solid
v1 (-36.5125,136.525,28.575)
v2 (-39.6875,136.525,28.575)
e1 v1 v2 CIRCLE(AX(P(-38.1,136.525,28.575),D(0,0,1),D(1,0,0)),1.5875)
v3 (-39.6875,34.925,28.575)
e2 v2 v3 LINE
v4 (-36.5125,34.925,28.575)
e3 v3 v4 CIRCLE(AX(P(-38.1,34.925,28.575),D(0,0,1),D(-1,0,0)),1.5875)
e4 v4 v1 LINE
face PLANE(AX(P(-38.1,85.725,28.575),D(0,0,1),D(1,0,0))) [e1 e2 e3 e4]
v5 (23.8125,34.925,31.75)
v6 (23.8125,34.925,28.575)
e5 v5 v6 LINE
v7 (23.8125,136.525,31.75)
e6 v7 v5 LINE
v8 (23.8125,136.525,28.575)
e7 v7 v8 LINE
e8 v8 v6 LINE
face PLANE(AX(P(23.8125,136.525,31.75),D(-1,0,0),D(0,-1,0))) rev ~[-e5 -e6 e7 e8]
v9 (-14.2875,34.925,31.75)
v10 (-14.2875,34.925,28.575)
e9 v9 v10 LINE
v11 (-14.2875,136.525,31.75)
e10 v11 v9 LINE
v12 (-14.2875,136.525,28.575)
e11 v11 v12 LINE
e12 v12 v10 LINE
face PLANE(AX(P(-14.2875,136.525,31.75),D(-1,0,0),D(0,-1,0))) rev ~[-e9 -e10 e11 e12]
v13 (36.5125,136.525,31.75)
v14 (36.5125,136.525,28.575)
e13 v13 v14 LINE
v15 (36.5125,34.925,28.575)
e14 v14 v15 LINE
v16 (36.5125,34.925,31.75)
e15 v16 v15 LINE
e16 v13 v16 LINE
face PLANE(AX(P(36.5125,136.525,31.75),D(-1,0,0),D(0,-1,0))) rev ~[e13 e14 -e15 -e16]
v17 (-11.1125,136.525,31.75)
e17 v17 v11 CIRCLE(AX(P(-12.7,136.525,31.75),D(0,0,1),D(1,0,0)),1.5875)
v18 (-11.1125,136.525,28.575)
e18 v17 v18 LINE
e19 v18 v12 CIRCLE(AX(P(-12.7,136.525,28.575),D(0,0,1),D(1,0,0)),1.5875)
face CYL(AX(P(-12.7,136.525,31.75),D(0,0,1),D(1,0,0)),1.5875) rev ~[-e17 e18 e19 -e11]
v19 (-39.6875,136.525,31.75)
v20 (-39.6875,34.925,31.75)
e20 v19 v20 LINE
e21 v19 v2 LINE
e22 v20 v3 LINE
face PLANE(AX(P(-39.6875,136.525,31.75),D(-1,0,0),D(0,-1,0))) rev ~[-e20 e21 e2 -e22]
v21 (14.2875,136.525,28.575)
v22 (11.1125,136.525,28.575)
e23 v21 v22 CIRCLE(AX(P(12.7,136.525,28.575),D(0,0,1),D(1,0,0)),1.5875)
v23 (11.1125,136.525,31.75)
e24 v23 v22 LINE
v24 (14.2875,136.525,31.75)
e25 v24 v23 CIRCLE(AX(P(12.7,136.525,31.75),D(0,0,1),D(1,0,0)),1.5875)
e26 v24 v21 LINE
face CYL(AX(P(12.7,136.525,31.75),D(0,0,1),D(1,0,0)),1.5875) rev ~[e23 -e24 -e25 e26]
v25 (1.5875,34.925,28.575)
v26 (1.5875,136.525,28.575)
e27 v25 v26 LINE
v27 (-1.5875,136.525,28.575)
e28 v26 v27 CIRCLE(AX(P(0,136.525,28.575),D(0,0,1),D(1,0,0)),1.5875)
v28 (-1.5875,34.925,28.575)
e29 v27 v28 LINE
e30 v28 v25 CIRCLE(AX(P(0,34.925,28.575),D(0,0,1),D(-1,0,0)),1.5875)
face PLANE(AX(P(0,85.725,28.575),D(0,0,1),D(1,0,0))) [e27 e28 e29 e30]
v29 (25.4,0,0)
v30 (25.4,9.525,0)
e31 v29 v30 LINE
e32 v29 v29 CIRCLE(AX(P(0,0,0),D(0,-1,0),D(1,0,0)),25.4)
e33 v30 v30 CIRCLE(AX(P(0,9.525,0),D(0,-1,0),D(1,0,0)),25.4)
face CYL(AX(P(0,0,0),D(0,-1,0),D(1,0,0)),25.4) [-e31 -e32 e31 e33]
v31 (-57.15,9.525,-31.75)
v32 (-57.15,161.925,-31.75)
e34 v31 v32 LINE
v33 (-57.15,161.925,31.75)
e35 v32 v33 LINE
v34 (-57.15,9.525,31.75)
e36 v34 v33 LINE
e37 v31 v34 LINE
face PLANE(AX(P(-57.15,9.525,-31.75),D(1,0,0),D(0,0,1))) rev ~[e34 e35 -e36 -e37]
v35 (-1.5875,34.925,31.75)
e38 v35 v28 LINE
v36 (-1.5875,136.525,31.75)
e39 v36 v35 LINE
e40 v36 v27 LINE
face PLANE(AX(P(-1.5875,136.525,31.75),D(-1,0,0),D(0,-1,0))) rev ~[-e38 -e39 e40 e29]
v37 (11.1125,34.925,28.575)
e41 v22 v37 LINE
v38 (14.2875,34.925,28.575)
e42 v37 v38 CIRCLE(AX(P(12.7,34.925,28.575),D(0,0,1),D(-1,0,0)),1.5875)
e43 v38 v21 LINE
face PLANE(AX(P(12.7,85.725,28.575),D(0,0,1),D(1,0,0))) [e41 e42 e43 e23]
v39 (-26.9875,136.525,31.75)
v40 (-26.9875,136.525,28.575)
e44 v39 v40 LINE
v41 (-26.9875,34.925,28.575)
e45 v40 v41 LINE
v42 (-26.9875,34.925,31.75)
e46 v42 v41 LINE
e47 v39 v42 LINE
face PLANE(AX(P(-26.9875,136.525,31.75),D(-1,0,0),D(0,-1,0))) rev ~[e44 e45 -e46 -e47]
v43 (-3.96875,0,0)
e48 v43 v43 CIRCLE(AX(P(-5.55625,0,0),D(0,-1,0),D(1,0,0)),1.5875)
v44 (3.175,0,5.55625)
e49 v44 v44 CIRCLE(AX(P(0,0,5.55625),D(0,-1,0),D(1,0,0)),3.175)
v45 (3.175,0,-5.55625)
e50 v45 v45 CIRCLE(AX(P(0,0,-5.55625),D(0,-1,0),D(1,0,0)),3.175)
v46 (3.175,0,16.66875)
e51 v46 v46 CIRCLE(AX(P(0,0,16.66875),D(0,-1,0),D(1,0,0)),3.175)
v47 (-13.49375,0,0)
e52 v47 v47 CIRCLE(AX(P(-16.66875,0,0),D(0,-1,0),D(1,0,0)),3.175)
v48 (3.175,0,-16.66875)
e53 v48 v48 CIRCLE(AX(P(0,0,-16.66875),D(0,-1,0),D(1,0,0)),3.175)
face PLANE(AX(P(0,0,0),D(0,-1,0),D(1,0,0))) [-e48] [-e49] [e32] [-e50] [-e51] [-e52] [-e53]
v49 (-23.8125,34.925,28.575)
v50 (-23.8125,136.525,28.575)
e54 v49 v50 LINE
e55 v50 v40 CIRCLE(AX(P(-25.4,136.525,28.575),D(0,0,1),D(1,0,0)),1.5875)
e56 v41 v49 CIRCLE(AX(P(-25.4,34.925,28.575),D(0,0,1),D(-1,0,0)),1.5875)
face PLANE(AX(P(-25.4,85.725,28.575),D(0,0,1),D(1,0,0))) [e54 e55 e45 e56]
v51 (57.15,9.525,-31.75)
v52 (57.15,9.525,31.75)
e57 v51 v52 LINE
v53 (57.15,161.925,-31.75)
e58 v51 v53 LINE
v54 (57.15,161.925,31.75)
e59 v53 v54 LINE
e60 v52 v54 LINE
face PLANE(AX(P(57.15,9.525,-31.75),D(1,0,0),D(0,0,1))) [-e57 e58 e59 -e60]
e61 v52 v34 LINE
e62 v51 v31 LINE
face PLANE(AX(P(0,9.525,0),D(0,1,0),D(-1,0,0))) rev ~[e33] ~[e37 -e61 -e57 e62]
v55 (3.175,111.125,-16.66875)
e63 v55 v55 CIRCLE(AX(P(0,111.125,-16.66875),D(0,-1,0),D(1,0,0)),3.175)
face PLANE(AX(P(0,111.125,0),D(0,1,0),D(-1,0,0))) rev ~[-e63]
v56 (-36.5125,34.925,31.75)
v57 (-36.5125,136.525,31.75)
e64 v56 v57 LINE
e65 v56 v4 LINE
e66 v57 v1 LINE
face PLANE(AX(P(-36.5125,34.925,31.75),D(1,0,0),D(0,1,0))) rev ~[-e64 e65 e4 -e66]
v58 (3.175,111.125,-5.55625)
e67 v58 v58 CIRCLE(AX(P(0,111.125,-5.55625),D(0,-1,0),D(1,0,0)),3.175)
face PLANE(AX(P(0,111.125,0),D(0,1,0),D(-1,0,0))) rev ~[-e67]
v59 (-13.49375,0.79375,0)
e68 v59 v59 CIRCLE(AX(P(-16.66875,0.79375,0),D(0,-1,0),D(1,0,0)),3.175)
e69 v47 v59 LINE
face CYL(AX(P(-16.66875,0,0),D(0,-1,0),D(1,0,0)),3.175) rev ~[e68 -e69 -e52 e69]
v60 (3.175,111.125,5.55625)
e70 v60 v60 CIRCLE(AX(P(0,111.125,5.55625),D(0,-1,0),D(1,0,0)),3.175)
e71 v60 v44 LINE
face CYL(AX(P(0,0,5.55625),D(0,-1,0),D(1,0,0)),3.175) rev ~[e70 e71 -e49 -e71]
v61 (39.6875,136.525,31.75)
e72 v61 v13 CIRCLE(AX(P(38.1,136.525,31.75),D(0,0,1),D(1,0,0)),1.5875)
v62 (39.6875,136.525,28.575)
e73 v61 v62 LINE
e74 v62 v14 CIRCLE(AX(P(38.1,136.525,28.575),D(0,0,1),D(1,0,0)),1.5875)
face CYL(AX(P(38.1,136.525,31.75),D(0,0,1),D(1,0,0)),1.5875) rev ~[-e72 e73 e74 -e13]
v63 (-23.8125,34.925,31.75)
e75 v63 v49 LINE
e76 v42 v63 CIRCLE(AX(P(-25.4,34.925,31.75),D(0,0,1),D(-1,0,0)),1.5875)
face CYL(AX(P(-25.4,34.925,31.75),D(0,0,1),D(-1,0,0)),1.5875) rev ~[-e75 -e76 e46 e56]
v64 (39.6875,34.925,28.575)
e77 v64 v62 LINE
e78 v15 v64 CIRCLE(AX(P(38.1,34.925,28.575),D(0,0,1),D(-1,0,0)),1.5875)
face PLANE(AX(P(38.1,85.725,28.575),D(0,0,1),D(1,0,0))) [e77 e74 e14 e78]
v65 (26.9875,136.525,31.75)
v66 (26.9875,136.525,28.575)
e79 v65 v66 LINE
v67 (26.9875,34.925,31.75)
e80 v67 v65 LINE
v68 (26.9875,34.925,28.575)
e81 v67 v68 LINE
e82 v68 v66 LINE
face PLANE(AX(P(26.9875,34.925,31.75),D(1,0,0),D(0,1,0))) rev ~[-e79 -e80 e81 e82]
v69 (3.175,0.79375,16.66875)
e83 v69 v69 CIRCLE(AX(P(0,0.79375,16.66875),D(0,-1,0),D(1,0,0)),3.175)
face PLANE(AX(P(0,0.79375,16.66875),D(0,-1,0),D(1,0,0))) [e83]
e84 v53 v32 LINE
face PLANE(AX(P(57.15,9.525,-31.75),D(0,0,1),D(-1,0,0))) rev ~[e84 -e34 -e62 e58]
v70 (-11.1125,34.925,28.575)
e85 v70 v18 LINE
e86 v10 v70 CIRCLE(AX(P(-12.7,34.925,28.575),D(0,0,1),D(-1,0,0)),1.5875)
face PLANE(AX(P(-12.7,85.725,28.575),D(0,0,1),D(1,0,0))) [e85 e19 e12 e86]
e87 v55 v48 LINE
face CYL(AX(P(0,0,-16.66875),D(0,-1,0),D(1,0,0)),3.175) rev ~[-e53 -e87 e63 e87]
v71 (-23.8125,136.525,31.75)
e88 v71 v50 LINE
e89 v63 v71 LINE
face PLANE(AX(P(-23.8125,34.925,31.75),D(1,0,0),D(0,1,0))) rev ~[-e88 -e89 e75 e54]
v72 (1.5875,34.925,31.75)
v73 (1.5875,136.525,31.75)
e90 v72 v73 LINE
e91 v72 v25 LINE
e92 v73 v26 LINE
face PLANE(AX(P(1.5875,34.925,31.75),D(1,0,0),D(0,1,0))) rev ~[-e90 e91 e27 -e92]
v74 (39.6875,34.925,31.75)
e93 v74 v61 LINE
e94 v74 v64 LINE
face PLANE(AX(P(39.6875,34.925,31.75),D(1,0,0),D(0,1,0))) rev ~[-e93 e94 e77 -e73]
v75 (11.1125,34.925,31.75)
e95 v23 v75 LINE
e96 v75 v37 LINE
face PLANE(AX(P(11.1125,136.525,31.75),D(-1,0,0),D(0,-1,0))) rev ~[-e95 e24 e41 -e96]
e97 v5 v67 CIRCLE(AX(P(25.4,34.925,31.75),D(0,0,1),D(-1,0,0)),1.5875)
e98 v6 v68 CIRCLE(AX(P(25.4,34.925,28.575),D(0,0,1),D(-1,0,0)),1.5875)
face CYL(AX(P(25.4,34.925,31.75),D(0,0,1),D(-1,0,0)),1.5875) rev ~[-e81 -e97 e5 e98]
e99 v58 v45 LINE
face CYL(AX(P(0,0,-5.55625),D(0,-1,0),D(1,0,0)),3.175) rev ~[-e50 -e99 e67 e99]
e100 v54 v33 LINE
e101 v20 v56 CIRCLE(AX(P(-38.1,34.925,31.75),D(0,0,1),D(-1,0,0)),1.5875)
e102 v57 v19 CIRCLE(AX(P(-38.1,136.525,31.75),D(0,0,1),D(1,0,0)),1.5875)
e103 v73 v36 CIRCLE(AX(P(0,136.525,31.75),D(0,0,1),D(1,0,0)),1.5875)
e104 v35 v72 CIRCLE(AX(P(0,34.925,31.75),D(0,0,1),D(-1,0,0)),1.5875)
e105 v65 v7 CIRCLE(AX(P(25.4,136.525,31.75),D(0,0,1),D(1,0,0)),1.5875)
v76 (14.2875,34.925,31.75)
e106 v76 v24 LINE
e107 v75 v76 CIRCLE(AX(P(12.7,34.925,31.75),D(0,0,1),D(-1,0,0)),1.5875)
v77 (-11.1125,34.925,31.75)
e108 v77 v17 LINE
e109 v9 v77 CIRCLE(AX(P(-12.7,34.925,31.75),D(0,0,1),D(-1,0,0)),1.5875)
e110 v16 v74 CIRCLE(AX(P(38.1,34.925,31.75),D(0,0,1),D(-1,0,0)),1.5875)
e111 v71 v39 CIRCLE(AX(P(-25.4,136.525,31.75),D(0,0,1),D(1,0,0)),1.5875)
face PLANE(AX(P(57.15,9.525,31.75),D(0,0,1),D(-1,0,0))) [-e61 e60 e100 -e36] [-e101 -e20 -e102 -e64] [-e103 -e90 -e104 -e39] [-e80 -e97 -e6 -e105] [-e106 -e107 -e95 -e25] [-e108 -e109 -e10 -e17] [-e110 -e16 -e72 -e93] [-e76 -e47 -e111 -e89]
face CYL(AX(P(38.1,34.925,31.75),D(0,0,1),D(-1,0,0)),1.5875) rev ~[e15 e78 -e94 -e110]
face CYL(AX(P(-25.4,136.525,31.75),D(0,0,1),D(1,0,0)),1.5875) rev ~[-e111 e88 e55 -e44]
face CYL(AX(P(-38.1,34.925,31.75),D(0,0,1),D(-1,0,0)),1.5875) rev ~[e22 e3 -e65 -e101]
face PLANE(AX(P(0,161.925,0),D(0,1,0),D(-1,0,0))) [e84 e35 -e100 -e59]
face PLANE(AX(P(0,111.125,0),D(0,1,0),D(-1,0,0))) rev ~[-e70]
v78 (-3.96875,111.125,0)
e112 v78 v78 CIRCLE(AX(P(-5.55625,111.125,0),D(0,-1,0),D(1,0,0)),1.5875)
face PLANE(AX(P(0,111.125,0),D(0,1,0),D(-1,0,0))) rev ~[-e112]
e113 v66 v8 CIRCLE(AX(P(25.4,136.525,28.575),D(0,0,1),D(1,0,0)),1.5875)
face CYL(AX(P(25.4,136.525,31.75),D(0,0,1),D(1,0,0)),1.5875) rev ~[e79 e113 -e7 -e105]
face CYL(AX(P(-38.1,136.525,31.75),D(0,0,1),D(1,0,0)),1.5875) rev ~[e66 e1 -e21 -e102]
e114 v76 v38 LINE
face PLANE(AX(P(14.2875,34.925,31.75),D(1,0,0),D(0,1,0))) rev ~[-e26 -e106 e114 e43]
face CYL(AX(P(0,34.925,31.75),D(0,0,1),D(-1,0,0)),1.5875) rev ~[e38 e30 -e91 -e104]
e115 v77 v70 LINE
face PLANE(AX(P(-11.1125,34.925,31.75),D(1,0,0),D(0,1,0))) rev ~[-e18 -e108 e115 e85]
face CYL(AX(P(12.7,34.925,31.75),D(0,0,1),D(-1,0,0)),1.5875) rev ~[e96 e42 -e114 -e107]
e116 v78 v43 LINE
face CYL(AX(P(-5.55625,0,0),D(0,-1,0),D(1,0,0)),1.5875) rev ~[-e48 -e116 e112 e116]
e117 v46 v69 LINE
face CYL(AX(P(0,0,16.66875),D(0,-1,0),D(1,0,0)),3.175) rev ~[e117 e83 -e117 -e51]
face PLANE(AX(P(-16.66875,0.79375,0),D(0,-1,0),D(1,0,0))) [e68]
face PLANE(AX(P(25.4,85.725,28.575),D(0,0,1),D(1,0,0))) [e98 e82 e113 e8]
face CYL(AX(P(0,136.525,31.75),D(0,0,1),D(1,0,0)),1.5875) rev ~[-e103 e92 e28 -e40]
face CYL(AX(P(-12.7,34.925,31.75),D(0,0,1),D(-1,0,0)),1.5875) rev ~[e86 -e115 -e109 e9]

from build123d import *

# Parameters (mm, degrees)
F0_R     = 25.4
F0_R_2   = 3.175
F0_R_3   = 1.5875
F1_DEPTH = 9.525
F2_W     = 114.3
F2_H     = 63.5
F3_DEPTH = 152.4
F5_DEPTH = 3.175
F6_DEPTH = 0.79375
F7_DEPTH = 101.6


with BuildPart() as f1:
    # F0 (on Front) → F1 (new body)
    with BuildSketch(Plane.XZ):
        Circle(F0_R)
        with Locations((0, -16.66875)):
            Circle(F0_R_2, mode=Mode.SUBTRACT)
        with Locations((-16.66875, 0)):
            Circle(F0_R_2, mode=Mode.SUBTRACT)
        with Locations((0, -5.55625)):
            Circle(F0_R_2, mode=Mode.SUBTRACT)
        with Locations((-5.55625, 0)):
            Circle(F0_R_3, mode=Mode.SUBTRACT)
        with Locations((0, 5.55625)):
            Circle(F0_R_2, mode=Mode.SUBTRACT)
        with Locations((0, 16.66875)):
            Circle(F0_R_2, mode=Mode.SUBTRACT)
        with Locations((-16.66875, 0)):
            Circle(F0_R_2)
        with Locations((0, 16.66875)):
            Circle(F0_R_2)
    extrude(amount=-F1_DEPTH)

    # F2 (on face) → F3 (join)
    with BuildSketch(Plane(origin=(0, 9.525, 0), x_dir=(-1, 0, 0), z_dir=(0, 1, 0))):
        Rectangle(F2_W, F2_H)
    extrude(amount=F3_DEPTH)

    # F4 (on face) → F5 (cut)
    with BuildSketch(Plane.XY.offset(31.75)):
        with BuildLine():
            ThreePointArc((-1.5875, 34.925), (0, 33.3375), (1.5875, 34.925))
            Line((1.5875, 34.925), (1.5875, 136.525))
            ThreePointArc((1.5875, 136.525), (0, 138.1125), (-1.5875, 136.525))
            Line((-1.5875, 136.525), (-1.5875, 34.925))
        make_face()
        with BuildLine():
            Line((11.1125, 136.525), (11.1125, 34.925))
            ThreePointArc((11.1125, 34.925), (12.7, 33.3375), (14.2875, 34.925))
            Line((14.2875, 34.925), (14.2875, 136.525))
            ThreePointArc((14.2875, 136.525), (12.7, 138.1125), (11.1125, 136.525))
        make_face()
        with BuildLine():
            Line((23.8125, 136.525), (23.8125, 34.925))
            ThreePointArc((23.8125, 34.925), (25.4, 33.3375), (26.9875, 34.925))
            Line((26.9875, 34.925), (26.9875, 136.525))
            ThreePointArc((26.9875, 136.525), (25.4, 138.1125), (23.8125, 136.525))
        make_face()
        with BuildLine():
            Line((36.5125, 136.525), (36.5125, 34.925))
            ThreePointArc((36.5125, 34.925), (38.1, 33.3375), (39.6875, 34.925))
            Line((39.6875, 34.925), (39.6875, 136.525))
            ThreePointArc((39.6875, 136.525), (38.1, 138.1125), (36.5125, 136.525))
        make_face()
        with BuildLine():
            Line((-23.8125, 34.925), (-23.8125, 136.525))
            ThreePointArc((-23.8125, 136.525), (-25.4, 138.1125), (-26.9875, 136.525))
            Line((-26.9875, 136.525), (-26.9875, 34.925))
            ThreePointArc((-26.9875, 34.925), (-25.4, 33.3375), (-23.8125, 34.925))
        make_face()
        with BuildLine():
            Line((-11.1125, 34.925), (-11.1125, 136.525))
            ThreePointArc((-11.1125, 136.525), (-12.7, 138.1125), (-14.2875, 136.525))
            Line((-14.2875, 136.525), (-14.2875, 34.925))
            ThreePointArc((-14.2875, 34.925), (-12.7, 33.3375), (-11.1125, 34.925))
        make_face()
        with BuildLine():
            Line((-39.6875, 136.525), (-39.6875, 34.925))
            ThreePointArc((-39.6875, 34.925), (-38.1, 33.3375), (-36.5125, 34.925))
            Line((-36.5125, 34.925), (-36.5125, 136.525))
            ThreePointArc((-36.5125, 136.525), (-38.1, 138.1125), (-39.6875, 136.525))
        make_face()
    extrude(amount=-F5_DEPTH, mode=Mode.SUBTRACT)

    # F0 (on Front) → F6 (cut)
    with BuildSketch(Plane.XZ):
        with Locations((0, 16.66875)):
            Circle(F0_R_2)
        with Locations((-16.66875, 0)):
            Circle(F0_R_2)
    extrude(amount=-F6_DEPTH, mode=Mode.SUBTRACT)

    # F7 (cut): faces of the model
    f7_faces = [f1.faces().sort_by_distance(p)[0] for p in [
        (0, 9.525, 5.55625),
        (-5.55625, 9.525, 0),
        (0, 9.525, -5.55625),
        (0, 9.525, -16.66875),
    ]]
    extrude(f7_faces, amount=-F7_DEPTH, mode=Mode.SUBTRACT)


solid = f1.part
